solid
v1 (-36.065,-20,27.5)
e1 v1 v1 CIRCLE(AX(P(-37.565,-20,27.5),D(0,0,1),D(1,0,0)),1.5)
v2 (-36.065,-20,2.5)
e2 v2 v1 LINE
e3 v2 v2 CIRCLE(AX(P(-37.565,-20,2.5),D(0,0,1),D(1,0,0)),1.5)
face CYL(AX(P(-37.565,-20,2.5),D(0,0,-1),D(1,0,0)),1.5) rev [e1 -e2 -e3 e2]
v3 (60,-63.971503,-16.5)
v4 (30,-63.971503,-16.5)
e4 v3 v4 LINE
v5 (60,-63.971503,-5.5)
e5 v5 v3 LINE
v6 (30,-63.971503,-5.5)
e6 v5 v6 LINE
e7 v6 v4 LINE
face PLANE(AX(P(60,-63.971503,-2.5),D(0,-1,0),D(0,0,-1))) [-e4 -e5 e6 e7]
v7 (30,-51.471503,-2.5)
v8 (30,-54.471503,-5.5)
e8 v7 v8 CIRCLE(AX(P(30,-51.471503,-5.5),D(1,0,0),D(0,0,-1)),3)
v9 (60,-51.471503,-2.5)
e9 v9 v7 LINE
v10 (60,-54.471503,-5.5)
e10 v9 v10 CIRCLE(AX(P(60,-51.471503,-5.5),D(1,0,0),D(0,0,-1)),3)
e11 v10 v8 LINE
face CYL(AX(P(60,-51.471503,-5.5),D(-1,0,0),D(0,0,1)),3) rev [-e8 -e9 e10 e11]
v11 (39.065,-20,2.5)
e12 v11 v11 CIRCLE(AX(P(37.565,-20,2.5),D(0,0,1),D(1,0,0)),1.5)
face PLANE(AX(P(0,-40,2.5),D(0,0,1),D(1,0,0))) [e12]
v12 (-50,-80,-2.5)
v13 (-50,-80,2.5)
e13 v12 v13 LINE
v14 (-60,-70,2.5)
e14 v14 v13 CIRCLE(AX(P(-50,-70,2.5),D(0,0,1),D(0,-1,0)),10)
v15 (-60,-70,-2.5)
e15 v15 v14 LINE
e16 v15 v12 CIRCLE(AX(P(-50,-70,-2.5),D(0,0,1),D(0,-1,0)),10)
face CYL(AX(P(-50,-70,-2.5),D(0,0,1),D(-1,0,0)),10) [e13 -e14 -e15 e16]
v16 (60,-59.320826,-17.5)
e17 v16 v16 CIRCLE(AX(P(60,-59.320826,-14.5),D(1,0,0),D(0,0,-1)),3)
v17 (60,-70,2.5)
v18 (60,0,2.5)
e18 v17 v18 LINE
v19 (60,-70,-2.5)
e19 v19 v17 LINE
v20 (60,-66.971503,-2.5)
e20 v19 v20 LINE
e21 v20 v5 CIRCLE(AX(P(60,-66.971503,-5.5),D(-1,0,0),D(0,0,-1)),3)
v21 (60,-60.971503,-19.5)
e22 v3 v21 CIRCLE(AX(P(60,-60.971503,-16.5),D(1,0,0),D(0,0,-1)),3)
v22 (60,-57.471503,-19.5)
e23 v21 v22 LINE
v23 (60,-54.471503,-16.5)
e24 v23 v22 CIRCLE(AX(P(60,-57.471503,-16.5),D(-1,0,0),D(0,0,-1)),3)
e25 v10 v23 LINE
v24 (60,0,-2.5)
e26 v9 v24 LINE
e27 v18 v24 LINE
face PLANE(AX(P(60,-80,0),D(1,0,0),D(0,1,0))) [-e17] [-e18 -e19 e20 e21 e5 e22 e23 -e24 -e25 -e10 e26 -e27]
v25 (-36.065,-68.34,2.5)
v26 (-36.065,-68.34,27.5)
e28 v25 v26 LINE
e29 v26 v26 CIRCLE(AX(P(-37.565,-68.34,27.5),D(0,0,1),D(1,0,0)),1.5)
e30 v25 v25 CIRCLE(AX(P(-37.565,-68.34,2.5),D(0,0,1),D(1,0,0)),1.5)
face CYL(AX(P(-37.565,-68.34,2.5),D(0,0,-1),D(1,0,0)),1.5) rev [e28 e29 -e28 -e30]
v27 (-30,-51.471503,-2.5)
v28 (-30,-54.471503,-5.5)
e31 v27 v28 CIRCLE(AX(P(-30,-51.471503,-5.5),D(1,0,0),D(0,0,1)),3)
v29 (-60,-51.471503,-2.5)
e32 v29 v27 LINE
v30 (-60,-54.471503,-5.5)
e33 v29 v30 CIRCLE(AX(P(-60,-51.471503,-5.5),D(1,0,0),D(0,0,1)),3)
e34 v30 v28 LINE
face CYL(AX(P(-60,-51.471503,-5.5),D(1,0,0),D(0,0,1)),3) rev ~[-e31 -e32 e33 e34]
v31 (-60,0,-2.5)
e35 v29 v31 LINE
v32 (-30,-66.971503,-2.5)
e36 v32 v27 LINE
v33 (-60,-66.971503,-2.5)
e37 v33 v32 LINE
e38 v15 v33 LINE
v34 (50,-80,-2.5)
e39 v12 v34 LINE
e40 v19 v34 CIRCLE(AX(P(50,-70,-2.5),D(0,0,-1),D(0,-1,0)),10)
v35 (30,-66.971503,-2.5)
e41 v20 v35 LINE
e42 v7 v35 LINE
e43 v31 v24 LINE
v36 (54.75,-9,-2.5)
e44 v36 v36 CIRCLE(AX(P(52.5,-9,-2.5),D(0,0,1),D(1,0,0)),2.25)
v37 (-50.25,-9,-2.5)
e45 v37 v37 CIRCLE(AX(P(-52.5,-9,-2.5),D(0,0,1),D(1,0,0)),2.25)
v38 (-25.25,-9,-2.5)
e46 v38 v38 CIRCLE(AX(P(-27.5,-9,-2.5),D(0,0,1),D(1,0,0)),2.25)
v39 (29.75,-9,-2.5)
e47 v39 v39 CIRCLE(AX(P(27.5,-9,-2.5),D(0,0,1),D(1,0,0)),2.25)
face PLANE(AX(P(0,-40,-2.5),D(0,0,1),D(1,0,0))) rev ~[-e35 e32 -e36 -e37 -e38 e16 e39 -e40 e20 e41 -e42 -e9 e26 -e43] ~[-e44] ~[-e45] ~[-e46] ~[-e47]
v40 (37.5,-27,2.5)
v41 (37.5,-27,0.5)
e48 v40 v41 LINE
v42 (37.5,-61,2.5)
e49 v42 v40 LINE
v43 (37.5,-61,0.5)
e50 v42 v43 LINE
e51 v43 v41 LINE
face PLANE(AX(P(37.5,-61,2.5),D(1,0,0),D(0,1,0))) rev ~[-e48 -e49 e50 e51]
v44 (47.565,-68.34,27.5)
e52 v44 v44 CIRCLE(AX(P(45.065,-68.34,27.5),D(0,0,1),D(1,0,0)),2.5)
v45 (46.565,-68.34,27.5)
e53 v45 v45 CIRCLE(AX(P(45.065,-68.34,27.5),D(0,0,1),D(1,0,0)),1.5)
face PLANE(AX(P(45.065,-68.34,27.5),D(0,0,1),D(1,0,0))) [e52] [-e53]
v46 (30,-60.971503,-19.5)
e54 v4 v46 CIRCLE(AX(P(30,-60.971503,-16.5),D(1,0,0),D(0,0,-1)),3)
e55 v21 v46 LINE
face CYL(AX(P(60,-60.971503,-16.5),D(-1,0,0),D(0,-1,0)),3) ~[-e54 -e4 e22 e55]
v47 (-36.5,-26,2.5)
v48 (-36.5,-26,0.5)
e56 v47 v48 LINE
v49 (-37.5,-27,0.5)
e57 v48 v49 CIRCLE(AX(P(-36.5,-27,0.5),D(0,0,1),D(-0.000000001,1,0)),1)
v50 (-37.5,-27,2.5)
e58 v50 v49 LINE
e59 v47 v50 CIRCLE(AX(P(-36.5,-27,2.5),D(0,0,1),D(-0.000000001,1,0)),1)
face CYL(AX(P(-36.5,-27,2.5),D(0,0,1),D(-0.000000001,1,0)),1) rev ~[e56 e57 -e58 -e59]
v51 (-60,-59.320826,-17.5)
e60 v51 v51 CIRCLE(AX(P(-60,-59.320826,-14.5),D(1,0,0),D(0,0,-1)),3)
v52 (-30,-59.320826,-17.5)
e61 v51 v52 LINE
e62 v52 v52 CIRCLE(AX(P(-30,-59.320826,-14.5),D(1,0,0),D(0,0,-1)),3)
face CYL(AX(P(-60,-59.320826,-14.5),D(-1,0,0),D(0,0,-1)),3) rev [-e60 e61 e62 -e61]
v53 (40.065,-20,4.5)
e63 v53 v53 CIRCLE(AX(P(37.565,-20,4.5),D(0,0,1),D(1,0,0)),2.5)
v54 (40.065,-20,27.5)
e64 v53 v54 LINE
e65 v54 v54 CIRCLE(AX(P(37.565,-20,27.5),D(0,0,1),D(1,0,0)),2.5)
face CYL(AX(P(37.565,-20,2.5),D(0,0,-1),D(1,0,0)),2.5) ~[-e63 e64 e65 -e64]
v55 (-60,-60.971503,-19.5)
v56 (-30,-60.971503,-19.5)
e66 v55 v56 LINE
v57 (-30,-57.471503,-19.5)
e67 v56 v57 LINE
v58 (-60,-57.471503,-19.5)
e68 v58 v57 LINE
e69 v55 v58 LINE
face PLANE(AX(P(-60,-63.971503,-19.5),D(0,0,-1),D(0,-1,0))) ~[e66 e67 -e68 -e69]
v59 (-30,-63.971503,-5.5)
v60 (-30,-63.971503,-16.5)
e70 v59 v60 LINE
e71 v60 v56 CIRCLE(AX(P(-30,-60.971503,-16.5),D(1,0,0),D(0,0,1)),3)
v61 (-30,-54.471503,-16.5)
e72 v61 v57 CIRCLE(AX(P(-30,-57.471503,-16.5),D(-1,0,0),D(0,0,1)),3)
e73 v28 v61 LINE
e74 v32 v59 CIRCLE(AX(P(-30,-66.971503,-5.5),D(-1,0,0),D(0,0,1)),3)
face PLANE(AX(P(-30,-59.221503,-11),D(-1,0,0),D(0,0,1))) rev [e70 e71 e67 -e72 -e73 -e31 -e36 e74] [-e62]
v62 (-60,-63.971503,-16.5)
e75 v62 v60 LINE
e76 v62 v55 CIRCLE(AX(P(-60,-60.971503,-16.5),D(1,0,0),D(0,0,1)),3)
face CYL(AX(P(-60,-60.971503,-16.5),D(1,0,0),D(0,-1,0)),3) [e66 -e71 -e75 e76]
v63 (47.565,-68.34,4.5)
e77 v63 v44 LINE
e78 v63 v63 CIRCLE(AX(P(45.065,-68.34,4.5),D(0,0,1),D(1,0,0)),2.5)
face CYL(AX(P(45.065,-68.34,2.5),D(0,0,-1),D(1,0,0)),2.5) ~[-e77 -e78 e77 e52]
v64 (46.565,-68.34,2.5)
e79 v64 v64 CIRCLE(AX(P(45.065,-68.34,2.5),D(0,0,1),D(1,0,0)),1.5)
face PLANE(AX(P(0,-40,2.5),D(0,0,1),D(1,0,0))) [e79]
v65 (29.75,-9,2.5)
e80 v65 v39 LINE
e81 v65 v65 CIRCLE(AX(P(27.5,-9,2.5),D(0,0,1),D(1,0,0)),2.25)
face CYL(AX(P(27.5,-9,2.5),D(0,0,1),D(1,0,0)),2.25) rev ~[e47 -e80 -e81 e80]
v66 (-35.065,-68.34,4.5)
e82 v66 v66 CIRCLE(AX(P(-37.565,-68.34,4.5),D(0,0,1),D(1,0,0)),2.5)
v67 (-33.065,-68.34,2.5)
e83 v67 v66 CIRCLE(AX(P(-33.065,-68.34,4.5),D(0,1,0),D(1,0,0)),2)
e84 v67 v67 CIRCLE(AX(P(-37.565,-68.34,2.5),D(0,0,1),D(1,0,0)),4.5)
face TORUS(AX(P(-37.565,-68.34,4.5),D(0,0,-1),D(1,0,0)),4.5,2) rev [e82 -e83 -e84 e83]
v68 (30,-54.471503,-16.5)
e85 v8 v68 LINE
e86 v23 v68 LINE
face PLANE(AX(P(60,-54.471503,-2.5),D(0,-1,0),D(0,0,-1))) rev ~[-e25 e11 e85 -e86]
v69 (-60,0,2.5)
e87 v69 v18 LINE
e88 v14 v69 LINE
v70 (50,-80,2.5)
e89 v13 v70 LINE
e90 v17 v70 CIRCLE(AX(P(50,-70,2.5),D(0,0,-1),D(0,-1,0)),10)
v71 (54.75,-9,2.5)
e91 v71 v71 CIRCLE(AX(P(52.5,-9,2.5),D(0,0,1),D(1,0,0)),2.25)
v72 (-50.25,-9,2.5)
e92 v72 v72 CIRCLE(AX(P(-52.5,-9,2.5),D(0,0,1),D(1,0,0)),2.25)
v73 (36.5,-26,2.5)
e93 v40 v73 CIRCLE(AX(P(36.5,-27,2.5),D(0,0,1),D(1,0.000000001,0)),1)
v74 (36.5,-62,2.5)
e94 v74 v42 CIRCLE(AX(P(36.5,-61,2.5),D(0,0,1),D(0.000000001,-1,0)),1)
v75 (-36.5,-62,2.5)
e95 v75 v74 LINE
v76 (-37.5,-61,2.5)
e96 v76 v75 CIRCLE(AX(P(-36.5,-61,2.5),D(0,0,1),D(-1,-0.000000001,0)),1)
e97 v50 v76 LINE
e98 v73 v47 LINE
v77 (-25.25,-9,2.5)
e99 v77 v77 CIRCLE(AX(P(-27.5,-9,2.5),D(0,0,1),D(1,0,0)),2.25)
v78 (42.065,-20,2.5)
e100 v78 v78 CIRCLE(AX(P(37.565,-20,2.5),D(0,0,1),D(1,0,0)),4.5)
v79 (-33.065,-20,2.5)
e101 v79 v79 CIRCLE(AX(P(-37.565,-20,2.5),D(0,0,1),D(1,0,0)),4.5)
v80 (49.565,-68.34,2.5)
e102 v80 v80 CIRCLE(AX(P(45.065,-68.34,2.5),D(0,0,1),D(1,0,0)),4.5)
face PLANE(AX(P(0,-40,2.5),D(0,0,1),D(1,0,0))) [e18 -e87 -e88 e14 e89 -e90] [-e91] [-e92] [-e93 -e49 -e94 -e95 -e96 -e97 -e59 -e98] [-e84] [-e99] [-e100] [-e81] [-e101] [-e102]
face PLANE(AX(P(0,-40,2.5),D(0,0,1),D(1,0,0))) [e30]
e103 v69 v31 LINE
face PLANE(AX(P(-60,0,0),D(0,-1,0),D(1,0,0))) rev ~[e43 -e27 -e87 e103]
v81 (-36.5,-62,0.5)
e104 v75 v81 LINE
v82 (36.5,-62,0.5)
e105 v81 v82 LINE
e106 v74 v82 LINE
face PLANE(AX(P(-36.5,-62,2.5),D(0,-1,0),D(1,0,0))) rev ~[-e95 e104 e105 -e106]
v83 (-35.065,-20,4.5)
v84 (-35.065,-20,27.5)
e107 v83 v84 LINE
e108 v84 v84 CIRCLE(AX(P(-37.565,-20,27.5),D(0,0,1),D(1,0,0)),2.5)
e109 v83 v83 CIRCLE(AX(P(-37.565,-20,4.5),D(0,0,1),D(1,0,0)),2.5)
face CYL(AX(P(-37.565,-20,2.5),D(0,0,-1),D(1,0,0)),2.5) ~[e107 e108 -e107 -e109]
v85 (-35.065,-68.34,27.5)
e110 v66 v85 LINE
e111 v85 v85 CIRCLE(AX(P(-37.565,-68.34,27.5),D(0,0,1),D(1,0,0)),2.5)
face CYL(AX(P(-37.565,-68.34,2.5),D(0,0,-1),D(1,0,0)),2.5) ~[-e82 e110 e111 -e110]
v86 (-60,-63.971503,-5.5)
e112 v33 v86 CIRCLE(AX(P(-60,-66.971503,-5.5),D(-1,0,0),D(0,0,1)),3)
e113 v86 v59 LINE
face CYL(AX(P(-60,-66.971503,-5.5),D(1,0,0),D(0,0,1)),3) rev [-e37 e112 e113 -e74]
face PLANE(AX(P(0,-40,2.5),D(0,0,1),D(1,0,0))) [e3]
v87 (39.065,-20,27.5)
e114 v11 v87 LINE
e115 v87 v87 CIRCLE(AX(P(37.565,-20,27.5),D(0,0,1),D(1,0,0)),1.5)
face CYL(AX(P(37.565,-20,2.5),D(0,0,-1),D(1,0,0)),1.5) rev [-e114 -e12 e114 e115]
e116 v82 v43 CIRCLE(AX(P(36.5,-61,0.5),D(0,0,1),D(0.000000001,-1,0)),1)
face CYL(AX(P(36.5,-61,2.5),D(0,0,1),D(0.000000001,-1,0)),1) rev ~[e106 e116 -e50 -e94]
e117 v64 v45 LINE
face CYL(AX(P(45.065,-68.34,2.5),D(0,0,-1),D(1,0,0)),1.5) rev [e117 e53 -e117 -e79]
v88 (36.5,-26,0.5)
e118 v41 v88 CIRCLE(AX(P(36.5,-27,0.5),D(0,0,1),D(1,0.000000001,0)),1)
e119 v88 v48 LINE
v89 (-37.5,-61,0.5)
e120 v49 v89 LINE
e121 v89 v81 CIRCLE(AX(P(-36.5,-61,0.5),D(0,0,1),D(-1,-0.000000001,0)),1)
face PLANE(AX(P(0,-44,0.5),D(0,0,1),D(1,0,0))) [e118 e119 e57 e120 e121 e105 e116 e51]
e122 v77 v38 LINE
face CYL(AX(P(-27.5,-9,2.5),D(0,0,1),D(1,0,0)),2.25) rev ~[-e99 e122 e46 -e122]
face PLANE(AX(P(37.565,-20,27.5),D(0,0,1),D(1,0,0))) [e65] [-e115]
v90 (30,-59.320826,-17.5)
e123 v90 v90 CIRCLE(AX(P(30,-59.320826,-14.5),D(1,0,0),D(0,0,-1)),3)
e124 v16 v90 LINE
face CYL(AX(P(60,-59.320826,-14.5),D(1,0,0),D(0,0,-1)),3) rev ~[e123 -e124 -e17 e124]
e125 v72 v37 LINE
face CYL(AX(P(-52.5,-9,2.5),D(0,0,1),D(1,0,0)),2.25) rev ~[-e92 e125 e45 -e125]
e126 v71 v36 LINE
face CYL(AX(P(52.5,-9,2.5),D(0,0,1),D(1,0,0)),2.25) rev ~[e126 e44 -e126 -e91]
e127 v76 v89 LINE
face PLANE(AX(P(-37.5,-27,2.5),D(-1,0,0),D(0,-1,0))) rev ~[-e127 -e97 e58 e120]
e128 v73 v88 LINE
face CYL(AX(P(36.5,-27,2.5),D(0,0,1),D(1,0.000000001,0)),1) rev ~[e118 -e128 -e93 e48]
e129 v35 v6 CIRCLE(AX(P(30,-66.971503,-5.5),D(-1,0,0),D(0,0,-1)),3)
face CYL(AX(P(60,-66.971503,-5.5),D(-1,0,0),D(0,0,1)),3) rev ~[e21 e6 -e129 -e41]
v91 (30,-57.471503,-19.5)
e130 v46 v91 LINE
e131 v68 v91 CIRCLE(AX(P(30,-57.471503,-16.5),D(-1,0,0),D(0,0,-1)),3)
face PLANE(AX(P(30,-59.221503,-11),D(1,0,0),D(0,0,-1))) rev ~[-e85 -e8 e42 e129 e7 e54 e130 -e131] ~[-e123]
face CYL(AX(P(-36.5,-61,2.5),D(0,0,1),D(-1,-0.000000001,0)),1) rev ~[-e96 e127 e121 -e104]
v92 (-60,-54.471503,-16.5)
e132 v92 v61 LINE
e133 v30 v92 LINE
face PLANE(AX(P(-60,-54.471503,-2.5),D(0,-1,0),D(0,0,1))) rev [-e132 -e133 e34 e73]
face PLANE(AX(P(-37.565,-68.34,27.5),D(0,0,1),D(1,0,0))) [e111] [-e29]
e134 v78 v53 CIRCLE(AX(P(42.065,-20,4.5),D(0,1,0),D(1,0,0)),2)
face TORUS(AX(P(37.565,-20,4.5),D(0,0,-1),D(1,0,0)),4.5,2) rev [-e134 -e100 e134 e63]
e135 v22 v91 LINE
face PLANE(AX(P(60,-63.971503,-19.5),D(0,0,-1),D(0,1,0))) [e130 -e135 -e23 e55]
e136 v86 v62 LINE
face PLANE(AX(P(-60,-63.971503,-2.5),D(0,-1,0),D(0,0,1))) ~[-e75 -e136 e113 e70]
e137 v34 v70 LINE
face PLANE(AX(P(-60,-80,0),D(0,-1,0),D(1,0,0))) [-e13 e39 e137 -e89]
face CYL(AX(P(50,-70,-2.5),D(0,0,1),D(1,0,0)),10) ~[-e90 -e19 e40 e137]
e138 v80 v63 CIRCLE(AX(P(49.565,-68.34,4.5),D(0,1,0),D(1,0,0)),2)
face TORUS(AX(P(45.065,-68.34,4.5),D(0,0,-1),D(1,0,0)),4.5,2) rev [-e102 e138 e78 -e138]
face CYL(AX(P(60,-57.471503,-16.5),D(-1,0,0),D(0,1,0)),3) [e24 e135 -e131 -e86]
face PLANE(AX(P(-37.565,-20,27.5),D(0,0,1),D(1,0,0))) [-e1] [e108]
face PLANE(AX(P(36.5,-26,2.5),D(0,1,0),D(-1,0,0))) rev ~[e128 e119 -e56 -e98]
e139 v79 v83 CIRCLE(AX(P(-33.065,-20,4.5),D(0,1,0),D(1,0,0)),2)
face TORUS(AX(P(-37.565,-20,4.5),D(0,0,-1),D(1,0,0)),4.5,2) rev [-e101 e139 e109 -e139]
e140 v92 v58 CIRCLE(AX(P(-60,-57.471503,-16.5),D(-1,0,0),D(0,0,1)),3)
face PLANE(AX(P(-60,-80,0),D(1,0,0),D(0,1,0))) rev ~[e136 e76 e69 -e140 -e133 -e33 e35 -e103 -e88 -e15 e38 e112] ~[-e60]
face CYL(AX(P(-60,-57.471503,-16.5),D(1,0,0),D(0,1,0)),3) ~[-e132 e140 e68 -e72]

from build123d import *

# Parameters (mm, degrees)
SKETCH1_W            = 120
SKETCH1_H            = 80
BOSS_EXTRUDE1_DEPTH  = 2.5
FILLET1_R            = 10
SKETCH2_R            = 2.25
CUT_EXTRUDE1_DEPTH   = 6
SKETCH3_R            = 2.5
SKETCH3_R_2          = 1.5
BOSS_EXTRUDE2_DEPTH  = 25
FILLET2_R            = 2
CUT_EXTRUDE2_DEPTH   = 2
SKETCH6_W            = 17
SKETCH6_H            = 9.5
SKETCH6_R            = 3
BOSS_EXTRUDE3_DEPTH  = 30
FILLET3_R            = 3
FILLET3_OF_MIRROR1_R = 3


with BuildPart() as part:
    # Sketch1 → Boss-Extrude1 (new body, symmetric)
    with BuildSketch(Plane.XY):
        with Locations((0, -40)):
            Rectangle(SKETCH1_W, SKETCH1_H)
    extrude(amount=BOSS_EXTRUDE1_DEPTH, both=True)

    # Fillet1
    fillet1_edges = [part.edges().sort_by_distance(p)[0] for p in [
        (60, -80, 0),
        (-60, -80, 0),
    ]]
    fillet(fillet1_edges, radius=FILLET1_R)

    # Sketch2 → Cut-Extrude1 (cut, through all)
    with BuildSketch(Plane.XY.offset(2.5)):
        with Locations((-52.5, -9)):
            Circle(SKETCH2_R)
        with Locations((-27.5, -9)):
            Circle(SKETCH2_R)
        with Locations((27.5, -9)):
            Circle(SKETCH2_R)
        with Locations((52.5, -9)):
            Circle(SKETCH2_R)
    extrude(amount=-CUT_EXTRUDE1_DEPTH, mode=Mode.SUBTRACT)

    # Sketch3 → Boss-Extrude2 (add)
    with BuildSketch(Plane.XY.offset(2.5)):
        with Locations((-37.565, -20)):
            Circle(SKETCH3_R)
        with Locations((-37.565, -20)):
            Circle(SKETCH3_R_2, mode=Mode.SUBTRACT)
        with Locations((37.565, -20)):
            Circle(SKETCH3_R)
        with Locations((37.565, -20)):
            Circle(SKETCH3_R_2, mode=Mode.SUBTRACT)
        with Locations((-37.565, -68.34)):
            Circle(SKETCH3_R)
        with Locations((-37.565, -68.34)):
            Circle(SKETCH3_R_2, mode=Mode.SUBTRACT)
        with Locations((45.065, -68.34)):
            Circle(SKETCH3_R)
        with Locations((45.065, -68.34)):
            Circle(SKETCH3_R_2, mode=Mode.SUBTRACT)
    extrude(amount=BOSS_EXTRUDE2_DEPTH)

    # Fillet2
    fillet2_edges = [part.edges().sort_by_distance(p)[0] for p in [
        (-40.065, -20, 2.5),
        (35.065, -20, 2.5),
        (-40.065, -68.34, 2.5),
        (42.565, -68.34, 2.5),
    ]]
    fillet(fillet2_edges, radius=FILLET2_R)

    # Sketch4 → Cut-Extrude2 (cut)
    with BuildSketch(Plane.XY.offset(2.5)):
        with BuildLine():
            Line((-36.5, -62), (36.5, -62))
            ThreePointArc((36.5, -62), (37.207106781, -61.707106781), (37.5, -61))
            Line((37.5, -61), (37.5, -27))
            ThreePointArc((37.5, -27), (37.207106781, -26.292893219), (36.5, -26))
            Line((36.5, -26), (-36.5, -26))
            ThreePointArc((-36.5, -26), (-37.207106781, -26.292893219), (-37.5, -27))
            Line((-37.5, -27), (-37.5, -61))
            ThreePointArc((-37.5, -61), (-37.207106781, -61.707106781), (-36.5, -62))
        make_face()
    extrude(amount=-CUT_EXTRUDE2_DEPTH, mode=Mode.SUBTRACT)

    # Sketch6 → Boss-Extrude3 (add)
    with BuildSketch(Plane(origin=(60, 0, 0), x_dir=(0, 0, -1), z_dir=(1, 0, 0))):
        with Locations((11, -59.221502787)):
            Rectangle(SKETCH6_W, SKETCH6_H)
        with Locations((14.5, -59.320826281)):
            Circle(SKETCH6_R, mode=Mode.SUBTRACT)
    boss_extrude3 = extrude(amount=-BOSS_EXTRUDE3_DEPTH)

    # Fillet3
    fillet3_edges = [part.edges().sort_by_distance(p)[0] for p in [
        (45, -54.471502787, -2.5),
        (45, -54.471502787, -19.5),
        (45, -63.971502787, -19.5),
        (45, -63.971502787, -2.5),
    ]]
    fillet(fillet3_edges, radius=FILLET3_R)

    # Mirror1: Boss-Extrude3 across plane
    add(boss_extrude3.mirror(Plane(origin=(0, 0, 0), x_dir=(0, 0, 1), z_dir=(1, 0, 0))))

    # Fillet3 of Mirror1
    fillet3_of_mirror1_edges = [part.edges().sort_by_distance(p)[0] for p in [
        (-45, -54.471502787, -2.5),
        (-45, -54.471502787, -19.5),
        (-45, -63.971502787, -19.5),
        (-45, -63.971502787, -2.5),
    ]]
    fillet(fillet3_of_mirror1_edges, radius=FILLET3_OF_MIRROR1_R)


solid = part.part
